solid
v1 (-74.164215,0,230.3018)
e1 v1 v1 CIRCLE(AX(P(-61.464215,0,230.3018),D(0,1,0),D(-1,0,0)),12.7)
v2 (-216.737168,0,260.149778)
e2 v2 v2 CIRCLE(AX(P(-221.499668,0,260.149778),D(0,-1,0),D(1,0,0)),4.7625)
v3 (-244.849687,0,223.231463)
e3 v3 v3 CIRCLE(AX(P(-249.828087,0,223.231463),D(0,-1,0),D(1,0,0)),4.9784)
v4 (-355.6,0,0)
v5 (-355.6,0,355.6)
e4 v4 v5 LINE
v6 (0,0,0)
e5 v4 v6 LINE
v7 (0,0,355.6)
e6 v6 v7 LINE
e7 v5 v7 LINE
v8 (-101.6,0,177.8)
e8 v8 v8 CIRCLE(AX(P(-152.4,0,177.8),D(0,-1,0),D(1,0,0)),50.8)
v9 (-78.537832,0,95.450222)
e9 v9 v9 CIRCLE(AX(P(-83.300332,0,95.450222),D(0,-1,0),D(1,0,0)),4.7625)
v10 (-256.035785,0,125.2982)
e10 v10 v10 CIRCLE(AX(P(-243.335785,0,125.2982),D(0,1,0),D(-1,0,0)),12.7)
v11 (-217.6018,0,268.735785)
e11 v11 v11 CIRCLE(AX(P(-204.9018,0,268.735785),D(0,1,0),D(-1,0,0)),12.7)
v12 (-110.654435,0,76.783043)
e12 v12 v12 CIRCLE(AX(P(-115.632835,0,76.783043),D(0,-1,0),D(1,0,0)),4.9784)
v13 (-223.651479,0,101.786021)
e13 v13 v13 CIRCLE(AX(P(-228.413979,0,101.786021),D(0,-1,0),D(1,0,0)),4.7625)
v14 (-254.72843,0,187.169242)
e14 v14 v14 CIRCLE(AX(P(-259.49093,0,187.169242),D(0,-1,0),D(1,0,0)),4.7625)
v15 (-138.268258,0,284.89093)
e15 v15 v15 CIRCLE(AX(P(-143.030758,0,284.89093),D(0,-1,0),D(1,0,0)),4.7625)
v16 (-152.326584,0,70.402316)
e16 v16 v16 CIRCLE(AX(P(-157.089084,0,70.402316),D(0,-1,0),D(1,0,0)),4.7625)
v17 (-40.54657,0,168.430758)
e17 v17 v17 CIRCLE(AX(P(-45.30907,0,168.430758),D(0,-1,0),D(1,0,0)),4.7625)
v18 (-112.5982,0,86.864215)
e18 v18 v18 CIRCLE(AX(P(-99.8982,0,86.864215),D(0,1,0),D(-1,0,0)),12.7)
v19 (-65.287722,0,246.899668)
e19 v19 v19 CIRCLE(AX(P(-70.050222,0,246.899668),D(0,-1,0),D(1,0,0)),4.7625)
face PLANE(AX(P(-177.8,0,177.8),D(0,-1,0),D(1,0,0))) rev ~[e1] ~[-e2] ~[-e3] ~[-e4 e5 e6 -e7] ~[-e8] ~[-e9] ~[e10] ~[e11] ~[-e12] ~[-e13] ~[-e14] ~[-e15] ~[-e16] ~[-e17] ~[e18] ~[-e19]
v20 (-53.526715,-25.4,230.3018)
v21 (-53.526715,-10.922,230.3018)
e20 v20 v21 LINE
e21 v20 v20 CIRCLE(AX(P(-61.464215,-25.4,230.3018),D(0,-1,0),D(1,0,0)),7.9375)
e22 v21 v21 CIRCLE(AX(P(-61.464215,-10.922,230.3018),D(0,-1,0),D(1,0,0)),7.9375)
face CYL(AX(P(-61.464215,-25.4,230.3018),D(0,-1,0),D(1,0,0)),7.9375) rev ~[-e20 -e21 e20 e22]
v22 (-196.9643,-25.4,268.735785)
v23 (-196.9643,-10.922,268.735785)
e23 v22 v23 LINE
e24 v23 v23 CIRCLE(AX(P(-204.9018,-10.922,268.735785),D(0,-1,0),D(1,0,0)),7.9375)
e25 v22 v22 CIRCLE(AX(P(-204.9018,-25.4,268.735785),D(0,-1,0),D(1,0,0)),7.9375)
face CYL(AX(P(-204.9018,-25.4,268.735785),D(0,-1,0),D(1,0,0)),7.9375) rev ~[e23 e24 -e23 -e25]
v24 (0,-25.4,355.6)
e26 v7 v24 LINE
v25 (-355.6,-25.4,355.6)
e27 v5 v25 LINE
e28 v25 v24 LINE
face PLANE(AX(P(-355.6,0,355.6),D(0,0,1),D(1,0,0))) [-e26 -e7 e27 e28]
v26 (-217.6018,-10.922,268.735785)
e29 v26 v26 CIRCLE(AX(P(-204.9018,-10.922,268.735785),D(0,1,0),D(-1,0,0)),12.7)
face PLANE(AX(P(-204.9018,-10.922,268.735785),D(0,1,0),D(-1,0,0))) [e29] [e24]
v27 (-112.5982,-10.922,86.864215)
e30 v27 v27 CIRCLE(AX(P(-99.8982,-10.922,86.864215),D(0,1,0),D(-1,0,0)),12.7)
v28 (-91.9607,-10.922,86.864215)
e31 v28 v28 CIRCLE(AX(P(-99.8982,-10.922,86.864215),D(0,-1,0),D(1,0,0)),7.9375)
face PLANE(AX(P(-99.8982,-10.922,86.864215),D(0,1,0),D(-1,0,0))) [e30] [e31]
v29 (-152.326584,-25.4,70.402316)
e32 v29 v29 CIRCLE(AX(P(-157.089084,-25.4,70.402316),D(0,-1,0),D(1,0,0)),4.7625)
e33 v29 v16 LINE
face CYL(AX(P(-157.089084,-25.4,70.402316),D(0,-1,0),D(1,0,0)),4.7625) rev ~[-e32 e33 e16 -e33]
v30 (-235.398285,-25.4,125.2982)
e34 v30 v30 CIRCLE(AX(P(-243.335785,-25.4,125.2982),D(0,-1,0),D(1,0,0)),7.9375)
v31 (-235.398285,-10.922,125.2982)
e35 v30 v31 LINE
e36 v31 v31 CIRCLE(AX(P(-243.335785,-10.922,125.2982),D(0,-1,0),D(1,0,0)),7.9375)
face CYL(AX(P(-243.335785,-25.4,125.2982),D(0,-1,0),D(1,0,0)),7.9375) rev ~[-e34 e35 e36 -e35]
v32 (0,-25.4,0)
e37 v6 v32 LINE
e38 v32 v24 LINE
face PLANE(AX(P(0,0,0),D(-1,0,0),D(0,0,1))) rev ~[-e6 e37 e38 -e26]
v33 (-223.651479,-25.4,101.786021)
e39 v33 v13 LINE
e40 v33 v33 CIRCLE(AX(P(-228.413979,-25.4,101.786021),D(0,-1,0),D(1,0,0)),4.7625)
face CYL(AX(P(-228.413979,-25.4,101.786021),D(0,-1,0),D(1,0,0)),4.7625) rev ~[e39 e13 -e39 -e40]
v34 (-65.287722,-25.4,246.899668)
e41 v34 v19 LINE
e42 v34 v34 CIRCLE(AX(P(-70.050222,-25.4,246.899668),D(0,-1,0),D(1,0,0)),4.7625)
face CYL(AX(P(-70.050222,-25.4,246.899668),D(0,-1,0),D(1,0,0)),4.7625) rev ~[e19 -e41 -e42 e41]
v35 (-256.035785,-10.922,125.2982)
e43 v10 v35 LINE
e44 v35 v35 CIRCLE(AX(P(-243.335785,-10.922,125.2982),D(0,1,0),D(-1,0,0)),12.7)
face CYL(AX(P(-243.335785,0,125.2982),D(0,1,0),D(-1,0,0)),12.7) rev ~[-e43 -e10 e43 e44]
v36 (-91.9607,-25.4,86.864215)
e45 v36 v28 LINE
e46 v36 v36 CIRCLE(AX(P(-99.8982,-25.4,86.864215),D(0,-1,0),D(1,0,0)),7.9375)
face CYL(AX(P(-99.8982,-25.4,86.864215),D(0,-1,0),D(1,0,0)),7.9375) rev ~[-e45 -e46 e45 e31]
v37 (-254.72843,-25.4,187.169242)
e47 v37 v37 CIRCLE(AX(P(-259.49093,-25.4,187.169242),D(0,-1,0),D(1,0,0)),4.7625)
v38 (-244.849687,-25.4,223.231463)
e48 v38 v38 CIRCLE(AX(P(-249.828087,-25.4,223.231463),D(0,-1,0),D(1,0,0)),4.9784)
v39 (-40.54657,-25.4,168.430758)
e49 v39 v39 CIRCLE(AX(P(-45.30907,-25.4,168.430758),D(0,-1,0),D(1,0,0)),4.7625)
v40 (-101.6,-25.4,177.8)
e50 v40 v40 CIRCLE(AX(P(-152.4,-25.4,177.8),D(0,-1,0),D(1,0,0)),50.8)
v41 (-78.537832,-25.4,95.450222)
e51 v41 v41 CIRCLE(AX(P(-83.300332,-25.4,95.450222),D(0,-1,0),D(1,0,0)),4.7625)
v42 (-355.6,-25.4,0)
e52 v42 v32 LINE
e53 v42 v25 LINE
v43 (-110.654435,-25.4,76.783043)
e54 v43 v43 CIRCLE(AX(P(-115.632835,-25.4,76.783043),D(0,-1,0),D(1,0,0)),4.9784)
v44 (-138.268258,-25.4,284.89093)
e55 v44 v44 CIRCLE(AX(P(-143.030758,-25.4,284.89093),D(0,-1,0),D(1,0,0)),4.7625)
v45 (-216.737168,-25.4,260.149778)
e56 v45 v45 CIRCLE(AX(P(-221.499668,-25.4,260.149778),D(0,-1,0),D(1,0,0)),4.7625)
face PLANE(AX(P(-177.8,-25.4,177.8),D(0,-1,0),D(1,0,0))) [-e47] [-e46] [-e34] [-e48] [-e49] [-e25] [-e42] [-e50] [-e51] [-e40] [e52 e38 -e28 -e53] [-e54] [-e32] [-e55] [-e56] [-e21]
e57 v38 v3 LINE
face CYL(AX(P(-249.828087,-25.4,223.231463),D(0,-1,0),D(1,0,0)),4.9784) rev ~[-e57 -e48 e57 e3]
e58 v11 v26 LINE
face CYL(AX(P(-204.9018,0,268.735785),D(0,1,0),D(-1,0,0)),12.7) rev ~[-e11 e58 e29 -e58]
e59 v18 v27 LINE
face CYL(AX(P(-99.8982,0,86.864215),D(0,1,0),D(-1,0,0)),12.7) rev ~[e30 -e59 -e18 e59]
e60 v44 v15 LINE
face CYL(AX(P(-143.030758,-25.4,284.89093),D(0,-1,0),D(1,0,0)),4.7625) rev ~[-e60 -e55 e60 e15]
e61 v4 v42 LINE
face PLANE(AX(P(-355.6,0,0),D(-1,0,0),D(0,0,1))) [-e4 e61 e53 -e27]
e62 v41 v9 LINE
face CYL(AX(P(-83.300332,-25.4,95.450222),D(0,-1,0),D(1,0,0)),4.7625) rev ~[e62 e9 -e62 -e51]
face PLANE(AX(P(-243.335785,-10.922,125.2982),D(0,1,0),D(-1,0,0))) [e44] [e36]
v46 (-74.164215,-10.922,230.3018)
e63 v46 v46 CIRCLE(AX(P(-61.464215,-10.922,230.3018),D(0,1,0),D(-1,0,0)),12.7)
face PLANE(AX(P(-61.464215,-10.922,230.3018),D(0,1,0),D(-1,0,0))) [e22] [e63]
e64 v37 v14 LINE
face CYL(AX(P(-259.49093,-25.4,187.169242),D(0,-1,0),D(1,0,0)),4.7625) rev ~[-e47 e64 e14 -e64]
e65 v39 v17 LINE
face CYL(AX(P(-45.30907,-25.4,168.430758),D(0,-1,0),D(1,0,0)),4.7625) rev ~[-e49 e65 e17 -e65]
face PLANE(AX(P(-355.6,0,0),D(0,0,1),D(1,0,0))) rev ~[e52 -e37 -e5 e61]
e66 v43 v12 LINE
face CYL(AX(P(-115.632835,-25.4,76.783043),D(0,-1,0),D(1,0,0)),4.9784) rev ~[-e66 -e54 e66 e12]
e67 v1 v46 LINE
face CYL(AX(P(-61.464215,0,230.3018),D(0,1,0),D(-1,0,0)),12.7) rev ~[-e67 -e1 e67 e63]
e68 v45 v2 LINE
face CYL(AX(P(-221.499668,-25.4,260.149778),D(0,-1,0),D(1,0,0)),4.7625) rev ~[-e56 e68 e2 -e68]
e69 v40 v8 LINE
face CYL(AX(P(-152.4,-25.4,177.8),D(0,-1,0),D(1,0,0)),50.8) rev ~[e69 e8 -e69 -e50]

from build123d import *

# Parameters (mm, degrees)
F0_W     = 355.6
F0_H     = 355.6
F1_DEPTH = 25.4
F2_R     = 4.7625
F2_R_2   = 4.9784
F2_R_3   = 50.8
F3_DEPTH = 25.401
F4_R     = 7.9375
F5_DEPTH = 25.401
F6_R     = 12.7
F7_DEPTH = 10.922


with BuildPart() as f1:
    # F0 (on Front) → F1 (new body)
    with BuildSketch(Plane.XZ):
        with Locations((-177.8, 177.8)):
            Rectangle(F0_W, F0_H)
    extrude(amount=F1_DEPTH)

    # F2 (on face) → F3 (cut, through all)
    with BuildSketch(Plane.XZ.offset(25.4)):
        with Locations((-259.49093, 187.169242)):
            Circle(F2_R)
        with Locations((-221.499668, 260.149778)):
            Circle(F2_R)
        with Locations((-143.030758, 284.89093)):
            Circle(F2_R)
        with Locations((-70.050222, 246.899668)):
            Circle(F2_R)
        with Locations((-45.30907, 168.430758)):
            Circle(F2_R)
        with Locations((-83.300332, 95.450222)):
            Circle(F2_R)
        with Locations((-157.089084, 70.402316)):
            Circle(F2_R)
        with Locations((-228.413979, 101.786021)):
            Circle(F2_R)
        with Locations((-249.828087, 223.231463)):
            Circle(F2_R_2)
        with Locations((-115.632835, 76.783043)):
            Circle(F2_R_2)
        with Locations((-152.4, 177.8)):
            Circle(F2_R_3)
    extrude(amount=-F3_DEPTH, mode=Mode.SUBTRACT)

    # F4 (on face) → F5 (cut, through all)
    with BuildSketch(Plane.XZ.offset(25.4)):
        with Locations((-204.9018, 268.735785)):
            Circle(F4_R)
        with Locations((-243.335785, 125.2982)):
            Circle(F4_R)
        with Locations((-99.8982, 86.864215)):
            Circle(F4_R)
        with Locations((-61.464215, 230.3018)):
            Circle(F4_R)
    extrude(amount=-F5_DEPTH, mode=Mode.SUBTRACT)

    # F6 (on face) → F7 (cut)
    with BuildSketch(Plane(origin=(0, 0, 0), x_dir=(-1, 0, 0), z_dir=(0, 1, 0))):
        with Locations((204.9018, 268.735785)):
            Circle(F6_R)
        with Locations((243.335785, 125.2982)):
            Circle(F6_R)
        with Locations((99.8982, 86.864215)):
            Circle(F6_R)
        with Locations((61.464215, 230.3018)):
            Circle(F6_R)
    extrude(amount=-F7_DEPTH, mode=Mode.SUBTRACT)


solid = f1.part
